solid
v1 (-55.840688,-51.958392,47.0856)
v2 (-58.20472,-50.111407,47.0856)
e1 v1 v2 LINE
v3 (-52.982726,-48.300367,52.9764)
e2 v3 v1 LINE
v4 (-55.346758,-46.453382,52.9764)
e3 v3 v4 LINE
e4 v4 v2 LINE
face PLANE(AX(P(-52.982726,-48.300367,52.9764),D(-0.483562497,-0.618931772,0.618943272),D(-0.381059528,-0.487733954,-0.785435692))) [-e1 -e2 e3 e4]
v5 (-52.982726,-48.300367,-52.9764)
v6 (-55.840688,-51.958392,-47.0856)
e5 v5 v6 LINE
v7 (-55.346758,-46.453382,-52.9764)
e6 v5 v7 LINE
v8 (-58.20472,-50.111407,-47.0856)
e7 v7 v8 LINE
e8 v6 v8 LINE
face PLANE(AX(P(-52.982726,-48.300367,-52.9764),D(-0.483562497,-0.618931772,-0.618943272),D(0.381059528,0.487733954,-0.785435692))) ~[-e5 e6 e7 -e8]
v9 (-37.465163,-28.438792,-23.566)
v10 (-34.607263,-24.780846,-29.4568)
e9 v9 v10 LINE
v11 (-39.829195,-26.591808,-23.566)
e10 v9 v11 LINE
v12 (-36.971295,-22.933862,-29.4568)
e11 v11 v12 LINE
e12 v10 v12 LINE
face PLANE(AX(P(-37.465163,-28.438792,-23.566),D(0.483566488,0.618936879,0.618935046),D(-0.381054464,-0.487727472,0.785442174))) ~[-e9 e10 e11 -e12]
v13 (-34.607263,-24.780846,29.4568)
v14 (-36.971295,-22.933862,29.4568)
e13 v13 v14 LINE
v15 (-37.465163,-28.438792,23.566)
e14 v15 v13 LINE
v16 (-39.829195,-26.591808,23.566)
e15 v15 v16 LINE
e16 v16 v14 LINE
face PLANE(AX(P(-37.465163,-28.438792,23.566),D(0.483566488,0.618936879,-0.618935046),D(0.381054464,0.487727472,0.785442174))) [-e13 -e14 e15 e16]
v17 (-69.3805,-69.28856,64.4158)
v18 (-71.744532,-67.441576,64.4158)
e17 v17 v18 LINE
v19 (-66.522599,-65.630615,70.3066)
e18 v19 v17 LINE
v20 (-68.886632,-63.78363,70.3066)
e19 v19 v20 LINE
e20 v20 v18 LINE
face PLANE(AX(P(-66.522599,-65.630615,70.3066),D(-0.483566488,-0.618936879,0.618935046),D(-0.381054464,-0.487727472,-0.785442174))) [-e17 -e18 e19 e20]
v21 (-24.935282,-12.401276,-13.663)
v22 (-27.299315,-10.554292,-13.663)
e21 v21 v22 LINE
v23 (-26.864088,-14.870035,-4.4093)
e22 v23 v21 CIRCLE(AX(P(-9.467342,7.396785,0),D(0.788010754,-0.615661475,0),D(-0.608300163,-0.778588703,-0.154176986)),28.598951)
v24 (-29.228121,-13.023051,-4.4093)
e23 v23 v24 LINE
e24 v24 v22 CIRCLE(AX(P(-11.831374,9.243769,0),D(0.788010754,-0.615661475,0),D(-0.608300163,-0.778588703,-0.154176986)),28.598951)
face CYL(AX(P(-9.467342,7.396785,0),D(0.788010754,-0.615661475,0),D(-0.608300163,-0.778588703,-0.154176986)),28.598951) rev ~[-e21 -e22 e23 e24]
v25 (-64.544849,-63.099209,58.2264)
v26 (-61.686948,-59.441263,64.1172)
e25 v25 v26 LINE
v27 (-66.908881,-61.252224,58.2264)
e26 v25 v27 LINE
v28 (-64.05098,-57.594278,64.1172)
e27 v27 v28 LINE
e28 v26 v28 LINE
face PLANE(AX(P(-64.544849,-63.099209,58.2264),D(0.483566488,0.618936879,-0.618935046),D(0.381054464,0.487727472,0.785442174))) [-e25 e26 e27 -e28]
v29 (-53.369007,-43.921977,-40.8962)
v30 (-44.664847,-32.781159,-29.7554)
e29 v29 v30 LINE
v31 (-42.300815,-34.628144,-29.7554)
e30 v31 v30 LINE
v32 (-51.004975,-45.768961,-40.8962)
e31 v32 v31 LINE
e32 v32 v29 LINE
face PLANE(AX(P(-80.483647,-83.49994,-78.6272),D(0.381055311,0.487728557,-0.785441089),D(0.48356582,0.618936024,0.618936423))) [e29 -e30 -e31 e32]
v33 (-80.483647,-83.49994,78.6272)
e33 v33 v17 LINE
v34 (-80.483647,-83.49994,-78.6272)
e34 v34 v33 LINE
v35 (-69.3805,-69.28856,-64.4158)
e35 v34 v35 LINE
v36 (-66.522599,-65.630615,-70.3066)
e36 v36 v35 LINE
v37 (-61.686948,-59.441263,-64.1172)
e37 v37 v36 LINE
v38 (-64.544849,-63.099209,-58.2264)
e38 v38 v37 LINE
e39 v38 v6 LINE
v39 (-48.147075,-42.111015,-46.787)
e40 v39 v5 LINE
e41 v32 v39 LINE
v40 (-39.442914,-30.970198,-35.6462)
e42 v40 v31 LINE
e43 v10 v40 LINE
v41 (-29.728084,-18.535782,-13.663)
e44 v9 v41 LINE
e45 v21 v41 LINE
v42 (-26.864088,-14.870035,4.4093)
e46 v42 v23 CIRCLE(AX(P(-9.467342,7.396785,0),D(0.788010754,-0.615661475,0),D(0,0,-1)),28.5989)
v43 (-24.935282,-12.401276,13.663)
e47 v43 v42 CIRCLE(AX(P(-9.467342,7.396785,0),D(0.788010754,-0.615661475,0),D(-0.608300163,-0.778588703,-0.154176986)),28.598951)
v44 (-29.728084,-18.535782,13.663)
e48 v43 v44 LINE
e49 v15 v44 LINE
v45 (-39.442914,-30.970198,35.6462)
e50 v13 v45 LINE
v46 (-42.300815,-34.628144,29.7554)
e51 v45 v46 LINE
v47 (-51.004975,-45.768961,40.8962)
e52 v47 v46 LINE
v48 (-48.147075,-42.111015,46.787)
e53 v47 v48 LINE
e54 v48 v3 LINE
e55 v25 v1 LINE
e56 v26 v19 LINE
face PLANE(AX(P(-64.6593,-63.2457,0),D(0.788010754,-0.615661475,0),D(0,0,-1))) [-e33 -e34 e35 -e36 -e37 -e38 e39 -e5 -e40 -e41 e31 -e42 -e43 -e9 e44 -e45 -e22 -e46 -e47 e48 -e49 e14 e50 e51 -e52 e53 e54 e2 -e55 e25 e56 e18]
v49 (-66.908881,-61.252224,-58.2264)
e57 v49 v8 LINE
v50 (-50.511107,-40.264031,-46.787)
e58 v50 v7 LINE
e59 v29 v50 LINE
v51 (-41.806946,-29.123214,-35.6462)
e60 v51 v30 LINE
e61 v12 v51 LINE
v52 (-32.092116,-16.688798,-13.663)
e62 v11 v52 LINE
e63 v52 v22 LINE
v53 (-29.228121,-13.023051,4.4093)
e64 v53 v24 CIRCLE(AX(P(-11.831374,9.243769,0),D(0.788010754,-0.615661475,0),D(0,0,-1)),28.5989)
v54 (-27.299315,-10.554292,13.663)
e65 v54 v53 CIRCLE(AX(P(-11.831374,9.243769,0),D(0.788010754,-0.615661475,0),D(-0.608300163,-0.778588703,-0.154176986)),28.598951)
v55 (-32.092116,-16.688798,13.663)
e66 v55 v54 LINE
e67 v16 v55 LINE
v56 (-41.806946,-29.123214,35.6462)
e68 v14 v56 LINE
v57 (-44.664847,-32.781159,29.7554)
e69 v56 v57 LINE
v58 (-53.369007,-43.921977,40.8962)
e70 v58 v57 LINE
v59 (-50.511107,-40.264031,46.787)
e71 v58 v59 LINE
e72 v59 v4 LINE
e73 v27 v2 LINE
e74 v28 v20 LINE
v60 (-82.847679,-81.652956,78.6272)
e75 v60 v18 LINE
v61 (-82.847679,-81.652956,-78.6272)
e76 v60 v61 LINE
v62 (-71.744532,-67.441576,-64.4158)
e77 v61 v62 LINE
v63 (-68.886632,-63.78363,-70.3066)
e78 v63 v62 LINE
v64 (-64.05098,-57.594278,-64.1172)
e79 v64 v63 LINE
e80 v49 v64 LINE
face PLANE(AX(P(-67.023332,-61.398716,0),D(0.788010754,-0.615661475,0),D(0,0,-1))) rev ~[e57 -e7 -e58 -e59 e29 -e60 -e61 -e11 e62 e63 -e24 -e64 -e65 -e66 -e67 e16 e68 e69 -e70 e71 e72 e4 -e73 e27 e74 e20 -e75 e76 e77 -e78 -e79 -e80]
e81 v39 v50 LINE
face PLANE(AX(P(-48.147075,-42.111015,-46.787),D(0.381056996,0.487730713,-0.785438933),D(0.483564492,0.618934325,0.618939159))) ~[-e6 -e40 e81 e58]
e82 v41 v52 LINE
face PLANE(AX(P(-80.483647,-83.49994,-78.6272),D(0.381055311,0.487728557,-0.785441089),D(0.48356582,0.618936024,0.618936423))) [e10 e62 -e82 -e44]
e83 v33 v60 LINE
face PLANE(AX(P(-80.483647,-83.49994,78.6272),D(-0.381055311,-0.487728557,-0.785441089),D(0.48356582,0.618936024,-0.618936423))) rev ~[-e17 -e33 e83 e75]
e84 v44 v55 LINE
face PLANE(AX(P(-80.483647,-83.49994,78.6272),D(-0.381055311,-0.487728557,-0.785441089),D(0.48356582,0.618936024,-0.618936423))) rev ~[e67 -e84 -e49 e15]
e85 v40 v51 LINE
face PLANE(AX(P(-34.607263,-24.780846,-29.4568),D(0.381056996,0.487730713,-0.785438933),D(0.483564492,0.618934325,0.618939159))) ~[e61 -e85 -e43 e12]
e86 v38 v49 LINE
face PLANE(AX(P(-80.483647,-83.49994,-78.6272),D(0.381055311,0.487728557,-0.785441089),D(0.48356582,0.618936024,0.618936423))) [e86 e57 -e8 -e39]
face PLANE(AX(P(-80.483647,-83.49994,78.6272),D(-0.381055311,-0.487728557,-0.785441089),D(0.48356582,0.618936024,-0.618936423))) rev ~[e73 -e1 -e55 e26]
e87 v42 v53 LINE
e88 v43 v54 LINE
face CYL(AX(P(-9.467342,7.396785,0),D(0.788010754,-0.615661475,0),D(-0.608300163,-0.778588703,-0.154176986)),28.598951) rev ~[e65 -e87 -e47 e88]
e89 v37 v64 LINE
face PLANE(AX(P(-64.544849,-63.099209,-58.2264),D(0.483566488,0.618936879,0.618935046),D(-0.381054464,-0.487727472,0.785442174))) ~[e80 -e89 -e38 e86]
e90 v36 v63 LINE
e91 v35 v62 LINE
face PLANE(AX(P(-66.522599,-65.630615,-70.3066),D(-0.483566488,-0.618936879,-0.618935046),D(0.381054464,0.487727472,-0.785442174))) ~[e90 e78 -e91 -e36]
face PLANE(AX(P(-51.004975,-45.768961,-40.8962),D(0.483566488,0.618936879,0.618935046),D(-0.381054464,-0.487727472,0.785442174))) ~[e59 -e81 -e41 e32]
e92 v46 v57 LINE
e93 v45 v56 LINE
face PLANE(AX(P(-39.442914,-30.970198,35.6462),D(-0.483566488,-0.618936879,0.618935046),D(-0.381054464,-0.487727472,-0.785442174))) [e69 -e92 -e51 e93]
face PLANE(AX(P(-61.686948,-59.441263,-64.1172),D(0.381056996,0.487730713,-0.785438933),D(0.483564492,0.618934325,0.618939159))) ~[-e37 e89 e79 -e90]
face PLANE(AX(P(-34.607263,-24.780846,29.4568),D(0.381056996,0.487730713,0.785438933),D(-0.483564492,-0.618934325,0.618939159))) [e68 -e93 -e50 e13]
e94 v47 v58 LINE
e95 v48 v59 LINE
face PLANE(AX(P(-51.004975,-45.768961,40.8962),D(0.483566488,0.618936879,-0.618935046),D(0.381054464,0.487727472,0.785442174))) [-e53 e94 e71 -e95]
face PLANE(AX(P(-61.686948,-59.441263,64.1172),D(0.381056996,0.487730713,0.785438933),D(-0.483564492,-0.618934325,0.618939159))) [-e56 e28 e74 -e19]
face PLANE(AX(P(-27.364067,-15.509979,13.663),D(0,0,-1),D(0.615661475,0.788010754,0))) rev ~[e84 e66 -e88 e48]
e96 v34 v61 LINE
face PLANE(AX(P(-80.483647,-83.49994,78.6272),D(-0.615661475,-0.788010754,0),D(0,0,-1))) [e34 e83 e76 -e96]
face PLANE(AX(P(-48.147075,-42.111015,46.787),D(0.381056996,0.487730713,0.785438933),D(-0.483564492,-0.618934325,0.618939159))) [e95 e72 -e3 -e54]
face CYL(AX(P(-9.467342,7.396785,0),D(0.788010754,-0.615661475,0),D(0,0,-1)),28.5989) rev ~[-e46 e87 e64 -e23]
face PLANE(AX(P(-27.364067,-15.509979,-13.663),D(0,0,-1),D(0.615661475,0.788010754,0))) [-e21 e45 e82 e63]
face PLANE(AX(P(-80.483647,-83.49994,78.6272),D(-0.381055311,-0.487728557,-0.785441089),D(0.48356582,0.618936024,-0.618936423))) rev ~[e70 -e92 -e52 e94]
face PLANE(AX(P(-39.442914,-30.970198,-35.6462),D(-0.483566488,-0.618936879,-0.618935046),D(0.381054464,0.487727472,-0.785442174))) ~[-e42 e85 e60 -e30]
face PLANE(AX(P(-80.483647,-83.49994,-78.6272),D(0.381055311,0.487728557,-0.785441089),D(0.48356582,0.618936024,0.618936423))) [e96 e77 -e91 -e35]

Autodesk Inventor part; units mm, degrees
ref_plane "YZ Plane" through (0, 0, 0) normal (1, 0, 0) x (0, 1, 0)
ref_plane "XZ Plane" through (0, 0, 0) normal (0, 1, 0) x (-1, 0, 0)
sketch "Sketch1" plane through (0, 0, 0) normal (0, 0, 1) x (1, 0, 0)
  line L0 (-27.3641, -15.51) -> (-92.3641, -98.7062)
  line L1 (-26.8641, -15.51) -> (-26.8641, 15.51) projected
  line L2 (-26.8641, -15.51) -> (-27.3641, -15.51) construction
  line L3 (-54.6593, -71.0586) -> (-64.6593, -63.2457)
  point P0 (0, 0)
  dimension "d0" = 0.5
  dimension "d1" = 38
  dimension "d2" = 65
  dimension "d3" = 10
  dimension "d4" = 45
ref_plane "Work Plane1" through (-64.6593, -63.2457, 0) normal (-0.788, 0.6157, 0) x (-0.6157, -0.788, 0)
sketch "Sketch3" plane through (-64.6593, -63.2457, 0) normal (-0.788, 0.6157, 0) x (-0.6157, -0.788, 0)
  line L0 (25.703, 78.6272) -> (-56.7377, 13.663)
  line L1 (-60.5775, 15.51) -> (-60.5775, 13.663) construction
  line L2 (-56.7377, 13.663) -> (-60.5775, 13.663)
  line L3 (-60.5775, 13.663) -> (-60.5775, 0)
  line L4 (25.703, 78.6272) -> (-56.7377, 13.663)
  line L5 (-56.7377, 13.663) -> (-60.5775, 15.51) construction
  line L6 (-60.5775, 15.51) -> (25.703, 83.5) construction
  line L7 (25.703, 78.6272) -> (25.703, 0)
  line L8 (-89.6466, 0) -> (36.1638, 0) construction
  line L9 (25.703, 83.5) -> (25.703, 78.6272) construction
  line L10 (25.703, -78.6272) -> (-56.7377, -13.663)
  line L11 (-56.7377, -13.663) -> (-60.5775, -13.663)
  line L12 (-60.5775, -13.663) -> (-60.5775, 0)
  line L13 (25.703, -78.6272) -> (25.703, 0)
  point P0 (0, 0)
extrude "Extrusion1" add sketch "Sketch3" along normal blind 3
sketch "Sketch4" plane through (-64.6593, -63.2457, 0) normal (0.788, -0.6157, 0) x (0, 0, -1)
  line L0 (-78.6272, -25.703) -> (-13.663, 56.7377) projected
  line L1 (-23.566, 44.1706) -> (-29.4568, 48.8126)
  line L2 (-29.4568, 48.8126) -> (-35.6462, 40.9582)
  line L3 (-35.6462, 40.9582) -> (-29.7554, 36.3162)
  line L4 (-13.663, 60.5775) -> (13.663, 60.5775) construction
  line L5 (-78.6272, -25.703) -> (-13.663, 56.7377) construction
  line L6 (-52.9764, 18.9659) -> (-47.0856, 14.3238)
  line L7 (-46.787, 26.8203) -> (-52.9764, 18.9659)
  line L8 (-40.8962, 22.1783) -> (-46.787, 26.8203)
  line L9 (-70.3066, -3.0265) -> (-64.4158, -7.6685)
  line L10 (-64.1172, 4.8279) -> (-70.3066, -3.0265)
  line L11 (-58.2264, 0.1859) -> (-64.1172, 4.8279)
  point P0 (0, 89.6466)
  point P1 (-47.0856, 14.3238)
  point P2 (-40.8962, 22.1783)
  dimension "d10" = 7.5
  dimension "d11" = 10
  dimension "d13" = 16
  dimension "d16" = 28
extrude "Extrusion2" add sketch "Sketch4" against normal up to surface (3 mm away)
mirror "Mirror1" about plane through (0, 0, 0) normal (0, 0, 1) of "Extrusion2"
sketch "Sketch6" plane through (-64.6593, -63.2457, 0) normal (0.788, -0.6157, 0) x (0, 0, -1)
  arc A0 (4.4093, 61.3896) -> (-4.4093, 61.3896) centre (0, 89.6466) ccw
  ellipse E0 centre (0, 80.26) end of major axis (0, 60.5775) minor radius 15.51 (4.4093, 61.3896) -> (11.5479, 67.1205) ccw construction
  arc A1 (11.5479, 67.1205) -> (-11.5479, 67.1205) centre (0, 89.6466) ccw construction
  ellipse E1 centre (0, 80.26) end of major axis (0, 60.5775) minor radius 15.51 (-11.5479, 67.1205) -> (-4.4093, 61.3896) ccw construction
  line L0 (-13.663, 56.7377) -> (-13.663, 60.5775) projected
  line L1 (-13.663, 60.5775) -> (-13.663, 64.5225)
  line L2 (13.663, 60.5775) -> (13.663, 56.7377) projected
  line L3 (13.663, 60.5775) -> (13.663, 64.5225)
  circle A2 centre (0, 89.6466) radius 28.5989
  line L4 (-13.663, 60.5775) -> (13.663, 60.5775) projected
  point P0 (0, 89.6466)
  point P1 (4.4093, 61.3896)
  point P2 (-4.4093, 61.3896)
extrude "Extrusion3" add sketch "Sketch6" against normal up to surface (3 mm away) contours A0 L3 L4 L1 A2
properties part number "Tolva_Corto"
